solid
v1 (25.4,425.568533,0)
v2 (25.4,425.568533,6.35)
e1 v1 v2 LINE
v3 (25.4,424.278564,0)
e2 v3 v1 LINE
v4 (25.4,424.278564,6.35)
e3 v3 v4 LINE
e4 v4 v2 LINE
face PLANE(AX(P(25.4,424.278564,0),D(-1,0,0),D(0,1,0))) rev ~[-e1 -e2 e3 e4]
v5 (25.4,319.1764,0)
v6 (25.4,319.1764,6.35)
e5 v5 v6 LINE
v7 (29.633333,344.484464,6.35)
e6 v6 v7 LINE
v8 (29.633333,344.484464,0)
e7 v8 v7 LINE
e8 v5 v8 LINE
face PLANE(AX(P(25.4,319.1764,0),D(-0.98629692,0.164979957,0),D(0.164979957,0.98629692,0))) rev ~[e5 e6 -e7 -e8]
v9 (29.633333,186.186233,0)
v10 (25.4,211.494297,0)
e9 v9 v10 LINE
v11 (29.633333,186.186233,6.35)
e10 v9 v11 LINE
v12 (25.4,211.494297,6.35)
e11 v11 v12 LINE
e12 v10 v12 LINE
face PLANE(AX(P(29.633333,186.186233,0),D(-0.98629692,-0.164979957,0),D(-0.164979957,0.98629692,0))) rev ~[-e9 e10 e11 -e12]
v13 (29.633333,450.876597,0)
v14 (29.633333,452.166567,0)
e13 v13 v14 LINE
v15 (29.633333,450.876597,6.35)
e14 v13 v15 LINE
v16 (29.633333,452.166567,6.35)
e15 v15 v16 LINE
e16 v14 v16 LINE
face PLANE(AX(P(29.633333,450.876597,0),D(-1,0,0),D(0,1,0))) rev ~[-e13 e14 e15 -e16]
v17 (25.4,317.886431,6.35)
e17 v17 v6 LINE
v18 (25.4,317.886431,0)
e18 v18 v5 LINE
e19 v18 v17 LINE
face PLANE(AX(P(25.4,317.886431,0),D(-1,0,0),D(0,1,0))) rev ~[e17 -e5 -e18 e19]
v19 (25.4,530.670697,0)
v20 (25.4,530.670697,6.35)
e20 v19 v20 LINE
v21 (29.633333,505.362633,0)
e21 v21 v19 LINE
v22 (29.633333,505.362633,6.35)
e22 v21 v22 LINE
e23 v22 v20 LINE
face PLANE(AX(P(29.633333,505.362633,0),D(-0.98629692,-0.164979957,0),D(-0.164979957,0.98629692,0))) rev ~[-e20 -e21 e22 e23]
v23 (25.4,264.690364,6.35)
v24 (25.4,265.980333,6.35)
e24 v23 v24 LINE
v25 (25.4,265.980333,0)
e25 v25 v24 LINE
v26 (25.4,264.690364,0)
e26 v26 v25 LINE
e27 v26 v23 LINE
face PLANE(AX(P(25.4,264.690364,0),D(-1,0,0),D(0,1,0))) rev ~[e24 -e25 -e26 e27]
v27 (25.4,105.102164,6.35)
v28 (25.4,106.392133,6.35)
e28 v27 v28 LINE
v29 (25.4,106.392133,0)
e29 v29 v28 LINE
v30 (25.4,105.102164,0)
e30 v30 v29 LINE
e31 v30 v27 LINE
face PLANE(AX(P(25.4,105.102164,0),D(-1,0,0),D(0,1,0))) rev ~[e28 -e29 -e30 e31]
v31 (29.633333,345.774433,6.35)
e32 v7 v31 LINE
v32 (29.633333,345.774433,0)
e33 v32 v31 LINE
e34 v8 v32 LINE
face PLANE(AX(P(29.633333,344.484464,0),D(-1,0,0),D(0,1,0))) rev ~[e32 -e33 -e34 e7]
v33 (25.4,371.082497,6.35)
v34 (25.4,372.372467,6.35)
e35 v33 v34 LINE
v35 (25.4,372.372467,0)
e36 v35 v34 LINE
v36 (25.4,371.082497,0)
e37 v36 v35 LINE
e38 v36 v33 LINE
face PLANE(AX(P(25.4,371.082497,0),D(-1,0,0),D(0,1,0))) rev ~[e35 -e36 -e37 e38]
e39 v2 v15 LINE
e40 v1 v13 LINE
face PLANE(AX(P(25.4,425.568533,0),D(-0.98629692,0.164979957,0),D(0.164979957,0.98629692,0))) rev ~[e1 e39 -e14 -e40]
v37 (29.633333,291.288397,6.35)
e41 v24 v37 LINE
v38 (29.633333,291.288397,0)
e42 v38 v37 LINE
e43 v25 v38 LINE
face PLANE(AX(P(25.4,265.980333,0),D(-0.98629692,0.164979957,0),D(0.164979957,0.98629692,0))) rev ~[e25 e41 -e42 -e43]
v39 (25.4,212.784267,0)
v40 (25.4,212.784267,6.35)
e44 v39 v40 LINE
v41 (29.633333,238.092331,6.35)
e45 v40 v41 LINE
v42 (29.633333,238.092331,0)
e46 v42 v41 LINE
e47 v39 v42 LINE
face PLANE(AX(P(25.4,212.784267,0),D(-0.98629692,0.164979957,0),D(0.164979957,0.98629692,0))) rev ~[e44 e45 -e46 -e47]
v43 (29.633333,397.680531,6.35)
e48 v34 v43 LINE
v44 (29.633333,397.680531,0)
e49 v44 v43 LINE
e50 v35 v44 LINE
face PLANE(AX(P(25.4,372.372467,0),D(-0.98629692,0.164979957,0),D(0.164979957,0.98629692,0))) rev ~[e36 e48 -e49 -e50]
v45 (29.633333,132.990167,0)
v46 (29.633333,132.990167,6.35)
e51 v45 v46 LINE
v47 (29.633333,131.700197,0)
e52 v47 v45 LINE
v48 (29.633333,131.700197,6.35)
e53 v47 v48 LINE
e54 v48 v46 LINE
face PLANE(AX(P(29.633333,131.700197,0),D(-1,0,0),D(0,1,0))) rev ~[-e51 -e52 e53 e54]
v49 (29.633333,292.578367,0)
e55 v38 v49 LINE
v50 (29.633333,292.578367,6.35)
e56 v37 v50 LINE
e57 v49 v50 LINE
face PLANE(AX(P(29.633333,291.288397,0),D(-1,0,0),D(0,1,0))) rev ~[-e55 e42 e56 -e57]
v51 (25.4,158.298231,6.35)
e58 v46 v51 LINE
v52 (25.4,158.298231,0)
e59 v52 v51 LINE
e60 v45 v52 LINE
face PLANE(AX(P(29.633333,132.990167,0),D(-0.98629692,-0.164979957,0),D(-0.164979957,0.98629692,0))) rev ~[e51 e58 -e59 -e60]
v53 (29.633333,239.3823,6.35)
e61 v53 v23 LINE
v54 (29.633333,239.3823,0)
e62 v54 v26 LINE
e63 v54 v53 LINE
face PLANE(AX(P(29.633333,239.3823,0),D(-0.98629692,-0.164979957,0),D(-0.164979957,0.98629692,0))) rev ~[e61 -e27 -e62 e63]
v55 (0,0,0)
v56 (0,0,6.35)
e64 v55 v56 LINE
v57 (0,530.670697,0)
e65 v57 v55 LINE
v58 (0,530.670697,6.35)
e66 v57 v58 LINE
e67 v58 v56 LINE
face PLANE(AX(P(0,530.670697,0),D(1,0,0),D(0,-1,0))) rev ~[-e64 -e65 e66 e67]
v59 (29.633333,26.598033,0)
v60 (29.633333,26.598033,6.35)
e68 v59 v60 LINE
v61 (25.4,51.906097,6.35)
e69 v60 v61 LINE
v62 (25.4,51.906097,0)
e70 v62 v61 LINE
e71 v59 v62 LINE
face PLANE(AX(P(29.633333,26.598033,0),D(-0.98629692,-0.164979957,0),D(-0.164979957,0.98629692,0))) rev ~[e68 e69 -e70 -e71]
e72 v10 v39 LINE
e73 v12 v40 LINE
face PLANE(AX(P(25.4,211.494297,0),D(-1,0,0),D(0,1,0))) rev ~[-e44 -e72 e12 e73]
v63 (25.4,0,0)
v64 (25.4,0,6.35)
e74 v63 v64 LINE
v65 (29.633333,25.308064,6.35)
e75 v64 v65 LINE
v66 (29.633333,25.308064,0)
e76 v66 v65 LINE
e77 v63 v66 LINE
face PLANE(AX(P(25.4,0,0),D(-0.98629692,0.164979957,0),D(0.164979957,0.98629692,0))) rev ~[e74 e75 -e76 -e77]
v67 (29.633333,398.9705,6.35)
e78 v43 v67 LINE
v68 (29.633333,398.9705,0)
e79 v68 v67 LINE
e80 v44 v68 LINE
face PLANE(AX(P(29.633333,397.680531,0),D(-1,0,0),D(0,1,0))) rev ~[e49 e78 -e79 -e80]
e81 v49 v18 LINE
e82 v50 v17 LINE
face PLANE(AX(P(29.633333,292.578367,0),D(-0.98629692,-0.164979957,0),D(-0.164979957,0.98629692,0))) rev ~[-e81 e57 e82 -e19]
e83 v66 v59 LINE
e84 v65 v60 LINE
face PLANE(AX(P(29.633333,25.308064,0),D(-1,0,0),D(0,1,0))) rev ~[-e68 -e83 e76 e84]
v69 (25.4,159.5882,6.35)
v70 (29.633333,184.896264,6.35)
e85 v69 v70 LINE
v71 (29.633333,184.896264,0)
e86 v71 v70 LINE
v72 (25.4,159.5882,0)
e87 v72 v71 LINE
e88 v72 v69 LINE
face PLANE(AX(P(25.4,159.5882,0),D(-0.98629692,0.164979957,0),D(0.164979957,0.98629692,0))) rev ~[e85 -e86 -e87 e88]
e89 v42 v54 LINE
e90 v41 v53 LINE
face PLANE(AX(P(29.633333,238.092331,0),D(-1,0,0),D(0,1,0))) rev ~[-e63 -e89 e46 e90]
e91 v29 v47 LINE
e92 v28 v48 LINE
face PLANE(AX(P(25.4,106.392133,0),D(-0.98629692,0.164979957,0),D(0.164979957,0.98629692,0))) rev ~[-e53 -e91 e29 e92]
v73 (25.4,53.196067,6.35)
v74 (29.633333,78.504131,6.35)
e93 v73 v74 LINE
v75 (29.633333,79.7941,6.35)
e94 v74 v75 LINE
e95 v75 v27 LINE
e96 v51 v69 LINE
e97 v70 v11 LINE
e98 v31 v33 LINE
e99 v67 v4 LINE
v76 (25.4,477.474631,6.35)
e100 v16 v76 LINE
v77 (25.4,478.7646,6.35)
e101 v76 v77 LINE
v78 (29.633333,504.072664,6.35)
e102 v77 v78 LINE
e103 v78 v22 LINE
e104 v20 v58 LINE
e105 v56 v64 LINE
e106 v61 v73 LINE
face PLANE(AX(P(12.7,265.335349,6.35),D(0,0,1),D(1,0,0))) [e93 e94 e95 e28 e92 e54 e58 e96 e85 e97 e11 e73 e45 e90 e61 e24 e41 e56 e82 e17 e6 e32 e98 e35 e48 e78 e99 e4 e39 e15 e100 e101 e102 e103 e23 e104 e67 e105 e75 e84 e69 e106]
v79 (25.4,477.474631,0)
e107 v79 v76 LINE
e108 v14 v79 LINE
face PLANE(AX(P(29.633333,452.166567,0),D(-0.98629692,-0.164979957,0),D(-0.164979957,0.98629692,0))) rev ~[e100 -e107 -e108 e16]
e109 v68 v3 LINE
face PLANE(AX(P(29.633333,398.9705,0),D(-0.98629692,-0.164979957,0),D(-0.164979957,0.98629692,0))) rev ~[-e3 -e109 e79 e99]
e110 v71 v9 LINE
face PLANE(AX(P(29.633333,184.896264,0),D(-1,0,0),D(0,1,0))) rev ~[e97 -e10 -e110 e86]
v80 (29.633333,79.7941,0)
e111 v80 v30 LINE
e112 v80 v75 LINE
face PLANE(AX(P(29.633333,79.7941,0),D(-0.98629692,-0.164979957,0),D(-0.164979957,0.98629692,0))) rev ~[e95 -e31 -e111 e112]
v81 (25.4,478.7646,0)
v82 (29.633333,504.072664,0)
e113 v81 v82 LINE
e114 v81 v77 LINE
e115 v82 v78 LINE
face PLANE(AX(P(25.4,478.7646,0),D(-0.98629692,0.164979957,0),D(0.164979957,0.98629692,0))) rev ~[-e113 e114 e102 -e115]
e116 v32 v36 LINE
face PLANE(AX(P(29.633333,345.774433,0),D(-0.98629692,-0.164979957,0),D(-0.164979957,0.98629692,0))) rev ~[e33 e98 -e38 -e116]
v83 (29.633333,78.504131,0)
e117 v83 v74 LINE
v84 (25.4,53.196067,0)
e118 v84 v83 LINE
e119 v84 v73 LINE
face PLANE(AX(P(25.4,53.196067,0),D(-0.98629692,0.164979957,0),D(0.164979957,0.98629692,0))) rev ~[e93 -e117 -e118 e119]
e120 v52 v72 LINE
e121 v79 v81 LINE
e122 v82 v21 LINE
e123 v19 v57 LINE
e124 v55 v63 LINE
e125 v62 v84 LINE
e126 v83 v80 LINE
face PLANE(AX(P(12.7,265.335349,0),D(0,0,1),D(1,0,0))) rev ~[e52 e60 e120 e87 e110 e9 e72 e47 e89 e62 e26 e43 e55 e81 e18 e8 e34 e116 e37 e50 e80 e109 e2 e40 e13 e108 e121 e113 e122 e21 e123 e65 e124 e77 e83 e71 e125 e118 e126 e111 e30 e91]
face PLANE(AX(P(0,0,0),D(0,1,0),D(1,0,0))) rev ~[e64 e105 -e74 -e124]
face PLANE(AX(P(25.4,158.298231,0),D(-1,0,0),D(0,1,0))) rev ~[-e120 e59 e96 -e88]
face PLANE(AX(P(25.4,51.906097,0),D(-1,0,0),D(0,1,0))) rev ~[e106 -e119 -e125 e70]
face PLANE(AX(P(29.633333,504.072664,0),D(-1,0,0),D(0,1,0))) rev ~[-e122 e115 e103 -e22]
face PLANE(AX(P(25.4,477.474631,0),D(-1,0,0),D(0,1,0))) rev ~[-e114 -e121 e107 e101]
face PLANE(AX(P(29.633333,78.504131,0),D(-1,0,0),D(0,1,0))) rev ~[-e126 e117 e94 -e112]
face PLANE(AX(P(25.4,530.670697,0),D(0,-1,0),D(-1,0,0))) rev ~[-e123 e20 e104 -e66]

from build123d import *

# Parameters (mm, degrees)
F1_DEPTH = 6.35


with BuildPart() as f1:
    # F0 (on Top) → F1 (new body)
    with BuildSketch(Plane.XY):
        Polygon((0, 530.670697), (0, 0), (25.4, 0), (25.4, 51.906097), (25.4, 53.196067), (25.4, 105.102164), (25.4, 106.392133), (25.4, 158.298231), (25.4, 159.5882), (25.4, 211.494297), (25.4, 212.784267), (25.4, 264.690364), (25.4, 265.980333), (25.4, 317.886431), (25.4, 319.1764), (25.4, 371.082497), (25.4, 372.372467), (25.4, 424.278564), (25.4, 425.568533), (25.4, 477.474631), (25.4, 478.7646), (25.4, 530.670697), align=None)
        Polygon((25.4, 51.906097), (25.4, 0), (29.633333, 25.308064), (29.633333, 26.598033), align=None)
        Polygon((29.633333, 505.362633), (25.4, 530.670697), (25.4, 478.7646), (29.633333, 504.072664), align=None)
        Polygon((25.4, 105.102164), (25.4, 53.196067), (29.633333, 78.504131), (29.633333, 79.7941), align=None)
        Polygon((29.633333, 452.166567), (25.4, 477.474631), (25.4, 425.568533), (29.633333, 450.876597), align=None)
        Polygon((25.4, 158.298231), (25.4, 106.392133), (29.633333, 131.700197), (29.633333, 132.990167), align=None)
        Polygon((29.633333, 398.9705), (25.4, 424.278564), (25.4, 372.372467), (29.633333, 397.680531), align=None)
        Polygon((25.4, 211.494297), (25.4, 159.5882), (29.633333, 184.896264), (29.633333, 186.186233), align=None)
        Polygon((29.633333, 345.774433), (25.4, 371.082497), (25.4, 319.1764), (29.633333, 344.484464), align=None)
        Polygon((25.4, 264.690364), (25.4, 212.784267), (29.633333, 238.092331), (29.633333, 239.3823), align=None)
        Polygon((29.633333, 292.578367), (25.4, 317.886431), (25.4, 265.980333), (29.633333, 291.288397), align=None)
    extrude(amount=F1_DEPTH)


solid = f1.part
